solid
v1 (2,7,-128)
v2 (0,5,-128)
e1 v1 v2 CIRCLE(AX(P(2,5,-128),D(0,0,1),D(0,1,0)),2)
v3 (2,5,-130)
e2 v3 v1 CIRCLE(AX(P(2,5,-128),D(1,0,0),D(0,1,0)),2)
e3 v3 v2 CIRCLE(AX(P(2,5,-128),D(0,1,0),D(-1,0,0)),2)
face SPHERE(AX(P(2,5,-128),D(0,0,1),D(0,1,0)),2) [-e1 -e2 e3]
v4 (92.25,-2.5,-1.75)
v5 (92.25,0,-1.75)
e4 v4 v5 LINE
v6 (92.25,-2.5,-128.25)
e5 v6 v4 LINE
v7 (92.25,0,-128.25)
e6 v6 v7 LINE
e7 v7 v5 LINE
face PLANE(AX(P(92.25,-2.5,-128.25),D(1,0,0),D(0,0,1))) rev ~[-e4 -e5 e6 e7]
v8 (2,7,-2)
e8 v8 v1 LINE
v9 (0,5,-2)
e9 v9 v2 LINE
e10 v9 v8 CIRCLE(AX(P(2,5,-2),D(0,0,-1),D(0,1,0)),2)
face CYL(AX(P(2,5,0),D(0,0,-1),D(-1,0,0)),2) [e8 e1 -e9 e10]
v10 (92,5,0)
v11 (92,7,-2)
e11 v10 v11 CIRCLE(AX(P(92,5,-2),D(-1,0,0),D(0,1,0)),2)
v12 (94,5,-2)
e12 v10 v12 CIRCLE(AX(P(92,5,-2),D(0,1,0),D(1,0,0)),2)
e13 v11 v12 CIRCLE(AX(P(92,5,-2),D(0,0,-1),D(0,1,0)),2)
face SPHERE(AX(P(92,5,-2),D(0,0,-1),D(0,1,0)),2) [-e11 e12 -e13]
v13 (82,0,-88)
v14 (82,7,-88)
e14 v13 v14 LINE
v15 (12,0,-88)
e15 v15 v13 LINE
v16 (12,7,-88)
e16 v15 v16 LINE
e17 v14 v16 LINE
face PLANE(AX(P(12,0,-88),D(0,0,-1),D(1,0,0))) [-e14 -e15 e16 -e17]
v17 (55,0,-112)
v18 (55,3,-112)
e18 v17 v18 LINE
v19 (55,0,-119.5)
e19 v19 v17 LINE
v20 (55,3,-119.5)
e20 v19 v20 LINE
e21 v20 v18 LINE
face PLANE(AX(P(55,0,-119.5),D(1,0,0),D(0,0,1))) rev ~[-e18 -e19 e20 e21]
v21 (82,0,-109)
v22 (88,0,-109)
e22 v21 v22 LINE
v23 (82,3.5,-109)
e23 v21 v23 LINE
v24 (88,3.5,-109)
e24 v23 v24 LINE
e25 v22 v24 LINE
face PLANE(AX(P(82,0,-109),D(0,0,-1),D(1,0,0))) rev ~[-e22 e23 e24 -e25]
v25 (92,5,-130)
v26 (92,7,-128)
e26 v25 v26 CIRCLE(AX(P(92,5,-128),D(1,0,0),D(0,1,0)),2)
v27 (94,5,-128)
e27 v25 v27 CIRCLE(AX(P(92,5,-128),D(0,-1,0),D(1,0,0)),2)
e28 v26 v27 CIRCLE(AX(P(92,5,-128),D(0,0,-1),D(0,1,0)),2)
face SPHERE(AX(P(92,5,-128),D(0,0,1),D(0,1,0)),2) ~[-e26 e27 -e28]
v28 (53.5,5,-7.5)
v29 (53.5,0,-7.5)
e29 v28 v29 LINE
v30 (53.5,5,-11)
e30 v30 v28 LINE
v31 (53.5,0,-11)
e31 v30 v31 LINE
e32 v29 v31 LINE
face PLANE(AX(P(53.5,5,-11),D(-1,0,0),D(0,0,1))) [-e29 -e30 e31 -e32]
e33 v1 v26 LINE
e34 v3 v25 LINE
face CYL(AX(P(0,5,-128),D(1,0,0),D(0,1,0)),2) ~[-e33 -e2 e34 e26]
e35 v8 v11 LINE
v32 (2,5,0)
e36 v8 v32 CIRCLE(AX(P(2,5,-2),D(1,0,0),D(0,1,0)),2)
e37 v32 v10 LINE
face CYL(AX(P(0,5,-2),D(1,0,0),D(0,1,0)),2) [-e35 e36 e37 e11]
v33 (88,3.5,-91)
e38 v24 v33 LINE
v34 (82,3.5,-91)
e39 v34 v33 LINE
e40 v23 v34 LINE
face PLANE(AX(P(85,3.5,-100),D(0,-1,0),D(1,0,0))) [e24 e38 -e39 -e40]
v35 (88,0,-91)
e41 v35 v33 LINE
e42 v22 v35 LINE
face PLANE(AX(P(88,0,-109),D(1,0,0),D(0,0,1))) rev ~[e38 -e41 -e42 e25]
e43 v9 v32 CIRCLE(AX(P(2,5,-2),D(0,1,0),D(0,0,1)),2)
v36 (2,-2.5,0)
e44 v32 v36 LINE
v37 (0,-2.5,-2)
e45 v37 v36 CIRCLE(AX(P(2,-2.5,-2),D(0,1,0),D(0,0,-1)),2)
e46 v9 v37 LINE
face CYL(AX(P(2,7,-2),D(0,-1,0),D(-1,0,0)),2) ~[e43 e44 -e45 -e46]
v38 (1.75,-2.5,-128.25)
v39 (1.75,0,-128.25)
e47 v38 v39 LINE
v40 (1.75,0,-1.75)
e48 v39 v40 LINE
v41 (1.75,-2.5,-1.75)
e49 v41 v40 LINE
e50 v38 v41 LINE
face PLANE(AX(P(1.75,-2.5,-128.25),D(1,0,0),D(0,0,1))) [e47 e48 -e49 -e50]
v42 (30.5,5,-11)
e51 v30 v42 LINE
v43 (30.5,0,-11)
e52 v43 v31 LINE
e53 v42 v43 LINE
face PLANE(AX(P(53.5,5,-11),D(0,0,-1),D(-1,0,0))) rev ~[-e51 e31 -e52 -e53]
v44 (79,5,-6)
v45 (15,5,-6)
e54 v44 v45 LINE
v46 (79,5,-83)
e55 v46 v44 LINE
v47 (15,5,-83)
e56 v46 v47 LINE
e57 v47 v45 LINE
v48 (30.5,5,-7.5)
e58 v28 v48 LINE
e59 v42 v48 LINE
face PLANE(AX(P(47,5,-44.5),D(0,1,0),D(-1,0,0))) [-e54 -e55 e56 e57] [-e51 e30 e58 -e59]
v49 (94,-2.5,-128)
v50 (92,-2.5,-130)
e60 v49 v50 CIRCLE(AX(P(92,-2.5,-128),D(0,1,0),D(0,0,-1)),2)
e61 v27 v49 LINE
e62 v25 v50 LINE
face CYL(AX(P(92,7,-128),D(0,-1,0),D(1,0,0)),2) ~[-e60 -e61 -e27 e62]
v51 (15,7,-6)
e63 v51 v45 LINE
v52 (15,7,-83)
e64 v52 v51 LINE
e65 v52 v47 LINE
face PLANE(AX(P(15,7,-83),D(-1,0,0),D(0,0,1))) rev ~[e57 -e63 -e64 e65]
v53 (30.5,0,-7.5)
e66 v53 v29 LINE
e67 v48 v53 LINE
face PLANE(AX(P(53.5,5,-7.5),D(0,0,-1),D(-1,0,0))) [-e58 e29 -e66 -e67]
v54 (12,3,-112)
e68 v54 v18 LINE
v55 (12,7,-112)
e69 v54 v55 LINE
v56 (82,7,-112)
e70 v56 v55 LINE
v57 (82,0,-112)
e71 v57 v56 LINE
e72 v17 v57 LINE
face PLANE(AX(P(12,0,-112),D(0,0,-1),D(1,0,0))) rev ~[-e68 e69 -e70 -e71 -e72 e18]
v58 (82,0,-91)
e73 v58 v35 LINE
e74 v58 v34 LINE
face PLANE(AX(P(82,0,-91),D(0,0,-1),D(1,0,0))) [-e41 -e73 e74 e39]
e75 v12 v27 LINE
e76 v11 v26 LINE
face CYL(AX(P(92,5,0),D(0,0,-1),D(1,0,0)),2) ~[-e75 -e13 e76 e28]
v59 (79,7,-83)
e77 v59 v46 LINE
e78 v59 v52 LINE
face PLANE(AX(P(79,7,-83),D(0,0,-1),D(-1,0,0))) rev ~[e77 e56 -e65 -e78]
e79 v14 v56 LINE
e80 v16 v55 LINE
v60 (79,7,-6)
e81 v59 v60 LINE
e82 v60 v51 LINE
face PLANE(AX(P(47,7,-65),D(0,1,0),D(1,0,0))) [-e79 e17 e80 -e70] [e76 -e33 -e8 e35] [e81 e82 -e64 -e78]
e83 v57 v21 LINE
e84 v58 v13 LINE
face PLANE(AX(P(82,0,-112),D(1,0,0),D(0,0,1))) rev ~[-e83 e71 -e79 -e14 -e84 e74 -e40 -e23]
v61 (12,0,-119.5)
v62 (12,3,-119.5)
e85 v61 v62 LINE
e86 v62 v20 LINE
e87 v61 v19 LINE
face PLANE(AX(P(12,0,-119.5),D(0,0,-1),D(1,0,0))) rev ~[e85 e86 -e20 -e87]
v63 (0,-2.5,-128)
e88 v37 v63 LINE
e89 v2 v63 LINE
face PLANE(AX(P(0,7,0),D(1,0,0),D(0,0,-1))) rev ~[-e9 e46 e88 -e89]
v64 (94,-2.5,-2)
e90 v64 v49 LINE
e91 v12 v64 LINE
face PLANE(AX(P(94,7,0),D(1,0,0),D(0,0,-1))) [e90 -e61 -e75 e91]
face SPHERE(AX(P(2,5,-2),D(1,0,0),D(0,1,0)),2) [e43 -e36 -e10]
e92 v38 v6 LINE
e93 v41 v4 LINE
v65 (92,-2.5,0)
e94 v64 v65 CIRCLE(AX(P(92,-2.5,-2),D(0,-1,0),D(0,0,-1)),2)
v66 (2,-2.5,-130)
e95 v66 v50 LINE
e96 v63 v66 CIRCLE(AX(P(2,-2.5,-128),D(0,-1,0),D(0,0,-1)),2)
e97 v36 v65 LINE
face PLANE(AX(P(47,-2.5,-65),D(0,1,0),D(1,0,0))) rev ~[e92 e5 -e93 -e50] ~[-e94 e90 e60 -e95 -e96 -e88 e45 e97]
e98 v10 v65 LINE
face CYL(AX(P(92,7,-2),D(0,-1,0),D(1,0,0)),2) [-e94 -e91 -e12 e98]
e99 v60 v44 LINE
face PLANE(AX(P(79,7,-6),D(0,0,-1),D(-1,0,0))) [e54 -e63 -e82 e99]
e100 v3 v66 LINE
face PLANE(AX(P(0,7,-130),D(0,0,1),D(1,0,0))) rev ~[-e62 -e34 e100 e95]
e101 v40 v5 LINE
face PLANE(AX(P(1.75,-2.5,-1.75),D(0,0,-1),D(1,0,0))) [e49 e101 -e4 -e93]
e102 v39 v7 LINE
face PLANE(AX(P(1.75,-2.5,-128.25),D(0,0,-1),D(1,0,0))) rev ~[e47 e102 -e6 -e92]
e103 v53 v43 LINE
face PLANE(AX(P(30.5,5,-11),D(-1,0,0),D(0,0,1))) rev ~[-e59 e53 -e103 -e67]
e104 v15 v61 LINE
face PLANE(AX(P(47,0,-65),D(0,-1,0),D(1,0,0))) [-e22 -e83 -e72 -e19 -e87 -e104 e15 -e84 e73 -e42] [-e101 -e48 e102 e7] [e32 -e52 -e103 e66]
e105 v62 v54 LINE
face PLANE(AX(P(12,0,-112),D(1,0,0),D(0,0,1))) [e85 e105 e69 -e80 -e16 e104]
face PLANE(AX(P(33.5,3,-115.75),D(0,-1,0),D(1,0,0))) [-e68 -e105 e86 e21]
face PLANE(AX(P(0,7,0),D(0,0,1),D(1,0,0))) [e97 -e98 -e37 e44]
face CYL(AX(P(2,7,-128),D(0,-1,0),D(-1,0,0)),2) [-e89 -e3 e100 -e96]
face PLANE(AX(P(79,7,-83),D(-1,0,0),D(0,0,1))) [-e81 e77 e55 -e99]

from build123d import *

# Parameters (mm, degrees)
SKETCH1_W           = 94
SKETCH1_H           = 130
BOSS_EXTRUDE1_DEPTH = 9.5
SKETCH2_W           = 90.5
SKETCH2_H           = 126.5
CUT_EXTRUDE1_DEPTH  = 2.5
SKETCH3_W           = 70
SKETCH3_H           = 24
CUT_EXTRUDE2_DEPTH  = 8
SKETCH4_W           = 64
SKETCH4_H           = 77
CUT_EXTRUDE3_DEPTH  = 2
SKETCH5_W           = 23
SKETCH5_H           = 3.5
CUT_EXTRUDE4_DEPTH  = 8.5
SKETCH6_W           = 6
SKETCH6_H           = 18
CUT_EXTRUDE5_DEPTH  = 3.5
SKETCH7_W           = 43
SKETCH7_H           = 7.5
CUT_EXTRUDE6_DEPTH  = 3
FILLET1_R           = 2


with BuildPart() as part:
    # Sketch1 → Boss-Extrude1 (new body)
    with BuildSketch(Plane(origin=(0, 7, 0), x_dir=(1, 0, 0), z_dir=(0, 1, 0))):
        with Locations((47, 65)):
            Rectangle(SKETCH1_W, SKETCH1_H)
    extrude(amount=-BOSS_EXTRUDE1_DEPTH)

    # Sketch2 → Cut-Extrude1 (cut)
    with BuildSketch(Plane.XZ.offset(2.5)):
        with Locations((47, -65)):
            Rectangle(SKETCH2_W, SKETCH2_H)
    extrude(amount=-CUT_EXTRUDE1_DEPTH, mode=Mode.SUBTRACT)

    # Sketch3 → Cut-Extrude2 (cut, through all)
    with BuildSketch(Plane.XZ):
        with Locations((47, -100)):
            Rectangle(SKETCH3_W, SKETCH3_H)
    extrude(amount=-CUT_EXTRUDE2_DEPTH, mode=Mode.SUBTRACT)

    # Sketch4 → Cut-Extrude3 (cut)
    with BuildSketch(Plane(origin=(0, 7, 0), x_dir=(-1, 0, 0), z_dir=(0, 1, 0))):
        with Locations((-47, -44.5)):
            Rectangle(SKETCH4_W, SKETCH4_H)
    extrude(amount=-CUT_EXTRUDE3_DEPTH, mode=Mode.SUBTRACT)

    # Sketch5 → Cut-Extrude4 (cut, through all)
    with BuildSketch(Plane(origin=(0, 5, 0), x_dir=(-1, 0, 0), z_dir=(0, 1, 0))):
        with Locations((-42, -9.25)):
            Rectangle(SKETCH5_W, SKETCH5_H)
    extrude(amount=-CUT_EXTRUDE4_DEPTH, mode=Mode.SUBTRACT)

    # Sketch6 → Cut-Extrude5 (cut)
    with BuildSketch(Plane.XZ):
        with Locations((85, -100)):
            Rectangle(SKETCH6_W, SKETCH6_H)
    extrude(amount=-CUT_EXTRUDE5_DEPTH, mode=Mode.SUBTRACT)

    # Sketch7 → Cut-Extrude6 (cut)
    with BuildSketch(Plane.XZ):
        with Locations((33.5, -115.75)):
            Rectangle(SKETCH7_W, SKETCH7_H)
    extrude(amount=-CUT_EXTRUDE6_DEPTH, mode=Mode.SUBTRACT)

    # Fillet1
    fillet1_edges = [part.edges().sort_by_distance(p)[0] for p in [
        (94, 7, -65),
        (47, 7, 0),
        (0, 7, -65),
        (47, 7, -130),
        (94, 2.25, -130),
        (94, 2.25, 0),
        (0, 2.25, 0),
        (0, 2.25, -130),
    ]]
    fillet(fillet1_edges, radius=FILLET1_R)


solid = part.part
